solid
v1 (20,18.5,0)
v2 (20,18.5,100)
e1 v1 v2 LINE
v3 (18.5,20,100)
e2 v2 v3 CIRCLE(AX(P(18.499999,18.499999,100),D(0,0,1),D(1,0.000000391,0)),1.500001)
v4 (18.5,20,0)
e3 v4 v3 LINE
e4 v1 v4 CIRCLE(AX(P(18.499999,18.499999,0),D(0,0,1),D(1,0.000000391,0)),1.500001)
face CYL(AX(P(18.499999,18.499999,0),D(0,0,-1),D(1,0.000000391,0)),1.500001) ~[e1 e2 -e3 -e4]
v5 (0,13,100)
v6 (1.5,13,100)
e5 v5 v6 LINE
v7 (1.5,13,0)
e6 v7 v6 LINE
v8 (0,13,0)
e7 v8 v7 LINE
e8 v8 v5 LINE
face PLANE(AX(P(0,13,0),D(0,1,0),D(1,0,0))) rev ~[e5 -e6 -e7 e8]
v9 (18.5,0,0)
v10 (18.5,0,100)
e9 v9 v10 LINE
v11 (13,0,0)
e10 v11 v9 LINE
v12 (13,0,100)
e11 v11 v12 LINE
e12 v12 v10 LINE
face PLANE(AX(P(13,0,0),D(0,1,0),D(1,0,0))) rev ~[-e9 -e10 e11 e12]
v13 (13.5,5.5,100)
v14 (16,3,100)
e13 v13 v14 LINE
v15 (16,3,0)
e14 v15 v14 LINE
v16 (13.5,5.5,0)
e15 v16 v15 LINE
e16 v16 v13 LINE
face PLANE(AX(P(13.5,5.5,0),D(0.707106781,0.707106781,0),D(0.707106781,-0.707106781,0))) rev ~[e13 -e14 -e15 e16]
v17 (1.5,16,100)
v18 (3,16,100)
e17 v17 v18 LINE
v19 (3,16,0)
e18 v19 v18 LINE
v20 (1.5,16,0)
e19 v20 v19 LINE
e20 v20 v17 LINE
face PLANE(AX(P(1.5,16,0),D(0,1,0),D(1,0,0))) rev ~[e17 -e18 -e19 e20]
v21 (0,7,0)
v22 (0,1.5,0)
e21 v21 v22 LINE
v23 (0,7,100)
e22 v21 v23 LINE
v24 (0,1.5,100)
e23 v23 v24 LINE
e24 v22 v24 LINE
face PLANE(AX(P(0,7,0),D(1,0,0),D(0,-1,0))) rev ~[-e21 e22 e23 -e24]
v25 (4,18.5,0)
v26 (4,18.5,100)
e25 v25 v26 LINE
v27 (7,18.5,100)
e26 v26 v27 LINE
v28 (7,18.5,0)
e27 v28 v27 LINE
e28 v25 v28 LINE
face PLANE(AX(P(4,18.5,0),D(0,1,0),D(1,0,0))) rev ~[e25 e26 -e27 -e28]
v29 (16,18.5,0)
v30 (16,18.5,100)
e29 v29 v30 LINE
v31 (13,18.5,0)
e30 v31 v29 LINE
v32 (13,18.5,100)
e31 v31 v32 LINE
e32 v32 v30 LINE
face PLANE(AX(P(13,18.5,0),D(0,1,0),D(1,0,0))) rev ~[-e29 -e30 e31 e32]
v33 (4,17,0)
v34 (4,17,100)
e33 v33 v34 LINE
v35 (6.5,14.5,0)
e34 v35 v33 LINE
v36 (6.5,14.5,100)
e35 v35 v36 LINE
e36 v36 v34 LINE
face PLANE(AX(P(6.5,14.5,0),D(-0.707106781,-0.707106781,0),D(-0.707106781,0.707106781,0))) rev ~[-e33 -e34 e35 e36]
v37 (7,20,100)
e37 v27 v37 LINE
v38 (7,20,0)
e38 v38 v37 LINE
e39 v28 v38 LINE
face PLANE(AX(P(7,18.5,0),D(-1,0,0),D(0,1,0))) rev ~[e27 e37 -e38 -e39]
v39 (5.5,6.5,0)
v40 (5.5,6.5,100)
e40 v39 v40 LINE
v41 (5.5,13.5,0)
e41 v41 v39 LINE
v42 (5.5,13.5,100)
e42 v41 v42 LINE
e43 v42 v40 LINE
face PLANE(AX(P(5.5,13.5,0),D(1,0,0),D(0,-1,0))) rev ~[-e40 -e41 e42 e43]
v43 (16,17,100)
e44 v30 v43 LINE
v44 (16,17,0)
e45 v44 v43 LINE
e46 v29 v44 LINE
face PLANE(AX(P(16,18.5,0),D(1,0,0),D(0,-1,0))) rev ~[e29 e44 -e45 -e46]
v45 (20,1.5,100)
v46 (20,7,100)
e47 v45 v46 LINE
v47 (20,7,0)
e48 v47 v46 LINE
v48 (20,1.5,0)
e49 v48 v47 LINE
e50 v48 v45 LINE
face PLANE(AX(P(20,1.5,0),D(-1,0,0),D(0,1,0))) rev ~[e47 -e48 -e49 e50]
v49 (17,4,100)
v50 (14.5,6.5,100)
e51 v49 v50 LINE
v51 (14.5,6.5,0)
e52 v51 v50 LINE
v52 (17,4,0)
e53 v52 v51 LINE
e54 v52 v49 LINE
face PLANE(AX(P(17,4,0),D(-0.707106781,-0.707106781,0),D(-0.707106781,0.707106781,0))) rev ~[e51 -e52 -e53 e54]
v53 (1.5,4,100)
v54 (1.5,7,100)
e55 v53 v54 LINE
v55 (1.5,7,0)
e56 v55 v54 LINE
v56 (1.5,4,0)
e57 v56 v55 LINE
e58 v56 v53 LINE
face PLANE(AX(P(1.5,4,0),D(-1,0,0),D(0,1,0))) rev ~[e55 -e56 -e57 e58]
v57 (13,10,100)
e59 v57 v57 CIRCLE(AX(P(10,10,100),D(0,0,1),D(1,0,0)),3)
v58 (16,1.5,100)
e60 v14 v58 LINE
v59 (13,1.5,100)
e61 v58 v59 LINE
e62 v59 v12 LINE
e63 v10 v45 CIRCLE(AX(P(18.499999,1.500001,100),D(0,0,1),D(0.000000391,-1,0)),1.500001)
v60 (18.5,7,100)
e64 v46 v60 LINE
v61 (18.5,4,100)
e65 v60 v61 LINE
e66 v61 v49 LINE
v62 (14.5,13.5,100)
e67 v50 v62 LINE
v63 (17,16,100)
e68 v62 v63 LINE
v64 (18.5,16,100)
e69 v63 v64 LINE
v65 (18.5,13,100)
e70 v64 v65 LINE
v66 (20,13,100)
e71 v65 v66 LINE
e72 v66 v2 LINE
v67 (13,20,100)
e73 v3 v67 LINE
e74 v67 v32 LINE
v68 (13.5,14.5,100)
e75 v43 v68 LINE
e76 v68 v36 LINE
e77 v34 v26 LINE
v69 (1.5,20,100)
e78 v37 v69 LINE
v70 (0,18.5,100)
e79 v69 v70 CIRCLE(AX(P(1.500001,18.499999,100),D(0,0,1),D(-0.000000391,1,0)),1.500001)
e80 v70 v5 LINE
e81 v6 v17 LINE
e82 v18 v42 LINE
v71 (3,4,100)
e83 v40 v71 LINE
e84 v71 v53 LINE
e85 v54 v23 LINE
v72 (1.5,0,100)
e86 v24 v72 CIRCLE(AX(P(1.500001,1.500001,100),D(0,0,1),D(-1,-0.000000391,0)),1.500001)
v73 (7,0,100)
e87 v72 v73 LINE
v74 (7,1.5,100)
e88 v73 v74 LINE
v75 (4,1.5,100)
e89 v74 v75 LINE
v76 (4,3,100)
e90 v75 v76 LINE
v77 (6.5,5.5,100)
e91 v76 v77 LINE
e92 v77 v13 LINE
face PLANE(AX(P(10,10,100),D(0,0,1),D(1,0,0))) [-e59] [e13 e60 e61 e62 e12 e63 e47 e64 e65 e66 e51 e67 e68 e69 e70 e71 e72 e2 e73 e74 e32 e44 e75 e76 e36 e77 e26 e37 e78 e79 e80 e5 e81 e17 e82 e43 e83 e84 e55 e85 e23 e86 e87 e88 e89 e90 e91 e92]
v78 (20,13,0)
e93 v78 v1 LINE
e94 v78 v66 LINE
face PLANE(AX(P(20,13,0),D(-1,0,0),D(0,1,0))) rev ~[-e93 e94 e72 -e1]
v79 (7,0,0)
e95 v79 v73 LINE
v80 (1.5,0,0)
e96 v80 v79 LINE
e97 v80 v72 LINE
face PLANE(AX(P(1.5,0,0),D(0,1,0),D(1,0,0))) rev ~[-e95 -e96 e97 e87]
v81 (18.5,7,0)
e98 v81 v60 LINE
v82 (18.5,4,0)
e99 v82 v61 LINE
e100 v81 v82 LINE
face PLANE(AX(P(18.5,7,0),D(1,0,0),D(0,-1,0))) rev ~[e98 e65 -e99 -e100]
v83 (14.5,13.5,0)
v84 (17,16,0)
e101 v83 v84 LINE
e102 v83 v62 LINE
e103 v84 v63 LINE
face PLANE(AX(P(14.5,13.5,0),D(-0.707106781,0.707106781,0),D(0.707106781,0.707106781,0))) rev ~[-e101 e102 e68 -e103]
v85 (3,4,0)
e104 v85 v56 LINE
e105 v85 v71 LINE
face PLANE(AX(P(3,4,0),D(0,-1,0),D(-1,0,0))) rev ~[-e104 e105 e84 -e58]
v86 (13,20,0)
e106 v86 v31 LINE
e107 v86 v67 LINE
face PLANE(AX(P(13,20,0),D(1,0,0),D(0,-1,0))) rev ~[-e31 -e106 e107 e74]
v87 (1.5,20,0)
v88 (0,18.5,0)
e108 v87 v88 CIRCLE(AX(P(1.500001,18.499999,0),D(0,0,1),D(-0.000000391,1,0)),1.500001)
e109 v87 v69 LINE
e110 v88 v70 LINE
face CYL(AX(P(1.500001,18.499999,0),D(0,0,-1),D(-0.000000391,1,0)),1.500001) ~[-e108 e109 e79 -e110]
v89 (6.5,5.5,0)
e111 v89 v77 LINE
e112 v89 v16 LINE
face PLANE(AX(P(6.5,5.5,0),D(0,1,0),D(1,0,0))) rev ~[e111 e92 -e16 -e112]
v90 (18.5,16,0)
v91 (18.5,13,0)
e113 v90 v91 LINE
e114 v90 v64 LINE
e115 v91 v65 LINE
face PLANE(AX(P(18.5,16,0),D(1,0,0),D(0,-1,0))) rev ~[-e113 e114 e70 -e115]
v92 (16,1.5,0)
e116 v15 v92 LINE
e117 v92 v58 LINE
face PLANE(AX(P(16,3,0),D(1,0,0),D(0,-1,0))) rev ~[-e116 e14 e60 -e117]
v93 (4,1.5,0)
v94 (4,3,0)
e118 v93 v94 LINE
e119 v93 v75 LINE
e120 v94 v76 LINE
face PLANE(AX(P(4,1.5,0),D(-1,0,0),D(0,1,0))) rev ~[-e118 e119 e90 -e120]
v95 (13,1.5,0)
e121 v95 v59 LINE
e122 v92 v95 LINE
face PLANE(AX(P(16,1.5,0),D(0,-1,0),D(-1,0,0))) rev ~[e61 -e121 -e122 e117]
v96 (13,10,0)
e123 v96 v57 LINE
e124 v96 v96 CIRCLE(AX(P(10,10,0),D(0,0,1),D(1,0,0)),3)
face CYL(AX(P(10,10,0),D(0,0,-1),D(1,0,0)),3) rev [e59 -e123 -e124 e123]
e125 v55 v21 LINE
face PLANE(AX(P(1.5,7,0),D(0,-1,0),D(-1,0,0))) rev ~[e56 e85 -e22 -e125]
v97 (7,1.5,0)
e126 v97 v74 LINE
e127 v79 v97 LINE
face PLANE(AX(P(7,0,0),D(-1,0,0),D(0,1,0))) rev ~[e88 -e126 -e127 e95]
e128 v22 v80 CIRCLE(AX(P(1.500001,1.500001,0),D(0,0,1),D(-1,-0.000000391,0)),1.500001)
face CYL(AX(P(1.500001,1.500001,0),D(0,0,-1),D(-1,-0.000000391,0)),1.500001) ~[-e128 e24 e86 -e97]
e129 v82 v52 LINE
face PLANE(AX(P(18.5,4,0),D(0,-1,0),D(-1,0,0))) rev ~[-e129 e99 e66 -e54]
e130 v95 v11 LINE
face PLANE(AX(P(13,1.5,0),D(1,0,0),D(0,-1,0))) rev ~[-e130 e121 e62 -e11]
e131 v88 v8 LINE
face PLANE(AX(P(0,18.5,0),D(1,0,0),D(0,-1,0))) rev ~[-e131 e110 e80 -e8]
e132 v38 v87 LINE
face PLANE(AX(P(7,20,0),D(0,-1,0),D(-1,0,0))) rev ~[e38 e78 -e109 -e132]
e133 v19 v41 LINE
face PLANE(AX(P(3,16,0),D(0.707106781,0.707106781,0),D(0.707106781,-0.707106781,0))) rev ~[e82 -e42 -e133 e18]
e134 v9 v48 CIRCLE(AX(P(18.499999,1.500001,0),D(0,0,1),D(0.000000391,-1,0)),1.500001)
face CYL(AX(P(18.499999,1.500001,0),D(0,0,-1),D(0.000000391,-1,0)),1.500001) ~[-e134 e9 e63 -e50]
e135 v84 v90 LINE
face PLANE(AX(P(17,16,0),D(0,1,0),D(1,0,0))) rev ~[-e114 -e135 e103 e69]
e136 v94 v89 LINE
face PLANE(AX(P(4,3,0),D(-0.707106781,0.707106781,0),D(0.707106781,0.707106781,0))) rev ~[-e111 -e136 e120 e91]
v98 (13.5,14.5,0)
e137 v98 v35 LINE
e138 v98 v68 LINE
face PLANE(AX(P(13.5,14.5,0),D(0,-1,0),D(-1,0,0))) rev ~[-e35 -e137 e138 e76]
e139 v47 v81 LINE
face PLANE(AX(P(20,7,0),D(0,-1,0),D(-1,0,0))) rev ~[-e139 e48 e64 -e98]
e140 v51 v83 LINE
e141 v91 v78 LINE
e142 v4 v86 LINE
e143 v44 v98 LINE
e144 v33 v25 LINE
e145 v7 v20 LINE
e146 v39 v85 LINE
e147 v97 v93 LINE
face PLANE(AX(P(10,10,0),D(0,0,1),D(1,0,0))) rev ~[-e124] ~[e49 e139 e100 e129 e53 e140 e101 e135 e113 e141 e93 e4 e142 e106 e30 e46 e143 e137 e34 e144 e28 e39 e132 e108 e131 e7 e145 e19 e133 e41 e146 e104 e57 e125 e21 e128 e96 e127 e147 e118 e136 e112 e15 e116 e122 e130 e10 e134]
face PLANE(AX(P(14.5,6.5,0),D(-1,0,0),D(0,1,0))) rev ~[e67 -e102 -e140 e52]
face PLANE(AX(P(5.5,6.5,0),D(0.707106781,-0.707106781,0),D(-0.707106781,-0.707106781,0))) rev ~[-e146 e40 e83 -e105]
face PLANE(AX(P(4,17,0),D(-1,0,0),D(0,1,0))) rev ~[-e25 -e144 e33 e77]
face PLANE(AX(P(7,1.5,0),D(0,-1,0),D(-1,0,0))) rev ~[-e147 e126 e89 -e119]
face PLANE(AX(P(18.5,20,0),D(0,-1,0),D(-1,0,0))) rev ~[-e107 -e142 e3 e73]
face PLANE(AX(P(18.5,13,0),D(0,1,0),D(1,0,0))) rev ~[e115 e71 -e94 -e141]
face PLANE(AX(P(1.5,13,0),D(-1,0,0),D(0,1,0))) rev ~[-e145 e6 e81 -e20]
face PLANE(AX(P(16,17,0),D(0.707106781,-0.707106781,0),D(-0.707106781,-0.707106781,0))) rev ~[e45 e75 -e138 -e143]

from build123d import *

# Parameters (mm, degrees)
F0_R     = 3
F1_DEPTH = 100


with BuildPart() as f1:
    # F0 (on Top) → F1 (new body)
    with BuildSketch(Plane.XY):
        with BuildLine():
            ThreePointArc((0, 1.5), (0.43934, 0.43934), (1.5, 0))
            Line((1.5, 0), (7, 0))
            Line((7, 0), (7, 1.5))
            Line((7, 1.5), (4, 1.5))
            Line((4, 1.5), (4, 3))
            Line((4, 3), (6.5, 5.5))
            Line((6.5, 5.5), (10, 5.5))
            Line((10, 5.5), (13.5, 5.5))
            Line((13.5, 5.5), (16, 3))
            Line((16, 3), (16, 1.5))
            Line((16, 1.5), (13, 1.5))
            Line((13, 1.5), (13, 0))
            Line((13, 0), (18.5, 0))
            ThreePointArc((18.5, 0), (19.56066, 0.43934), (20, 1.5))
            Line((20, 1.5), (20, 7))
            Line((20, 7), (18.5, 7))
            Line((18.5, 7), (18.5, 4))
            Line((18.5, 4), (17, 4))
            Line((17, 4), (14.5, 6.5))
            Line((14.5, 6.5), (14.5, 10))
            Line((14.5, 10), (14.5, 13.5))
            Line((14.5, 13.5), (17, 16))
            Line((17, 16), (18.5, 16))
            Line((18.5, 16), (18.5, 13))
            Line((18.5, 13), (20, 13))
            Line((20, 13), (20, 18.5))
            ThreePointArc((20, 18.5), (19.56066, 19.56066), (18.5, 20))
            Line((18.5, 20), (13, 20))
            Line((13, 20), (13, 18.5))
            Line((13, 18.5), (16, 18.5))
            Line((16, 18.5), (16, 17))
            Line((16, 17), (13.5, 14.5))
            Line((13.5, 14.5), (10, 14.5))
            Line((10, 14.5), (6.5, 14.5))
            Line((6.5, 14.5), (4, 17))
            Line((4, 17), (4, 18.5))
            Line((4, 18.5), (7, 18.5))
            Line((7, 18.5), (7, 20))
            Line((7, 20), (1.5, 20))
            ThreePointArc((1.5, 20), (0.43934, 19.56066), (0, 18.5))
            Line((0, 18.5), (0, 13))
            Line((0, 13), (1.5, 13))
            Line((1.5, 13), (1.5, 16))
            Line((1.5, 16), (3, 16))
            Line((3, 16), (5.5, 13.5))
            Line((5.5, 13.5), (5.5, 10))
            Line((5.5, 10), (5.5, 6.5))
            Line((5.5, 6.5), (3, 4))
            Line((3, 4), (1.5, 4))
            Line((1.5, 4), (1.5, 7))
            Line((1.5, 7), (0, 7))
            Line((0, 7), (0, 1.5))
        make_face()
        with Locations((10, 10)):
            Circle(F0_R, mode=Mode.SUBTRACT)
    extrude(amount=F1_DEPTH)


solid = f1.part
